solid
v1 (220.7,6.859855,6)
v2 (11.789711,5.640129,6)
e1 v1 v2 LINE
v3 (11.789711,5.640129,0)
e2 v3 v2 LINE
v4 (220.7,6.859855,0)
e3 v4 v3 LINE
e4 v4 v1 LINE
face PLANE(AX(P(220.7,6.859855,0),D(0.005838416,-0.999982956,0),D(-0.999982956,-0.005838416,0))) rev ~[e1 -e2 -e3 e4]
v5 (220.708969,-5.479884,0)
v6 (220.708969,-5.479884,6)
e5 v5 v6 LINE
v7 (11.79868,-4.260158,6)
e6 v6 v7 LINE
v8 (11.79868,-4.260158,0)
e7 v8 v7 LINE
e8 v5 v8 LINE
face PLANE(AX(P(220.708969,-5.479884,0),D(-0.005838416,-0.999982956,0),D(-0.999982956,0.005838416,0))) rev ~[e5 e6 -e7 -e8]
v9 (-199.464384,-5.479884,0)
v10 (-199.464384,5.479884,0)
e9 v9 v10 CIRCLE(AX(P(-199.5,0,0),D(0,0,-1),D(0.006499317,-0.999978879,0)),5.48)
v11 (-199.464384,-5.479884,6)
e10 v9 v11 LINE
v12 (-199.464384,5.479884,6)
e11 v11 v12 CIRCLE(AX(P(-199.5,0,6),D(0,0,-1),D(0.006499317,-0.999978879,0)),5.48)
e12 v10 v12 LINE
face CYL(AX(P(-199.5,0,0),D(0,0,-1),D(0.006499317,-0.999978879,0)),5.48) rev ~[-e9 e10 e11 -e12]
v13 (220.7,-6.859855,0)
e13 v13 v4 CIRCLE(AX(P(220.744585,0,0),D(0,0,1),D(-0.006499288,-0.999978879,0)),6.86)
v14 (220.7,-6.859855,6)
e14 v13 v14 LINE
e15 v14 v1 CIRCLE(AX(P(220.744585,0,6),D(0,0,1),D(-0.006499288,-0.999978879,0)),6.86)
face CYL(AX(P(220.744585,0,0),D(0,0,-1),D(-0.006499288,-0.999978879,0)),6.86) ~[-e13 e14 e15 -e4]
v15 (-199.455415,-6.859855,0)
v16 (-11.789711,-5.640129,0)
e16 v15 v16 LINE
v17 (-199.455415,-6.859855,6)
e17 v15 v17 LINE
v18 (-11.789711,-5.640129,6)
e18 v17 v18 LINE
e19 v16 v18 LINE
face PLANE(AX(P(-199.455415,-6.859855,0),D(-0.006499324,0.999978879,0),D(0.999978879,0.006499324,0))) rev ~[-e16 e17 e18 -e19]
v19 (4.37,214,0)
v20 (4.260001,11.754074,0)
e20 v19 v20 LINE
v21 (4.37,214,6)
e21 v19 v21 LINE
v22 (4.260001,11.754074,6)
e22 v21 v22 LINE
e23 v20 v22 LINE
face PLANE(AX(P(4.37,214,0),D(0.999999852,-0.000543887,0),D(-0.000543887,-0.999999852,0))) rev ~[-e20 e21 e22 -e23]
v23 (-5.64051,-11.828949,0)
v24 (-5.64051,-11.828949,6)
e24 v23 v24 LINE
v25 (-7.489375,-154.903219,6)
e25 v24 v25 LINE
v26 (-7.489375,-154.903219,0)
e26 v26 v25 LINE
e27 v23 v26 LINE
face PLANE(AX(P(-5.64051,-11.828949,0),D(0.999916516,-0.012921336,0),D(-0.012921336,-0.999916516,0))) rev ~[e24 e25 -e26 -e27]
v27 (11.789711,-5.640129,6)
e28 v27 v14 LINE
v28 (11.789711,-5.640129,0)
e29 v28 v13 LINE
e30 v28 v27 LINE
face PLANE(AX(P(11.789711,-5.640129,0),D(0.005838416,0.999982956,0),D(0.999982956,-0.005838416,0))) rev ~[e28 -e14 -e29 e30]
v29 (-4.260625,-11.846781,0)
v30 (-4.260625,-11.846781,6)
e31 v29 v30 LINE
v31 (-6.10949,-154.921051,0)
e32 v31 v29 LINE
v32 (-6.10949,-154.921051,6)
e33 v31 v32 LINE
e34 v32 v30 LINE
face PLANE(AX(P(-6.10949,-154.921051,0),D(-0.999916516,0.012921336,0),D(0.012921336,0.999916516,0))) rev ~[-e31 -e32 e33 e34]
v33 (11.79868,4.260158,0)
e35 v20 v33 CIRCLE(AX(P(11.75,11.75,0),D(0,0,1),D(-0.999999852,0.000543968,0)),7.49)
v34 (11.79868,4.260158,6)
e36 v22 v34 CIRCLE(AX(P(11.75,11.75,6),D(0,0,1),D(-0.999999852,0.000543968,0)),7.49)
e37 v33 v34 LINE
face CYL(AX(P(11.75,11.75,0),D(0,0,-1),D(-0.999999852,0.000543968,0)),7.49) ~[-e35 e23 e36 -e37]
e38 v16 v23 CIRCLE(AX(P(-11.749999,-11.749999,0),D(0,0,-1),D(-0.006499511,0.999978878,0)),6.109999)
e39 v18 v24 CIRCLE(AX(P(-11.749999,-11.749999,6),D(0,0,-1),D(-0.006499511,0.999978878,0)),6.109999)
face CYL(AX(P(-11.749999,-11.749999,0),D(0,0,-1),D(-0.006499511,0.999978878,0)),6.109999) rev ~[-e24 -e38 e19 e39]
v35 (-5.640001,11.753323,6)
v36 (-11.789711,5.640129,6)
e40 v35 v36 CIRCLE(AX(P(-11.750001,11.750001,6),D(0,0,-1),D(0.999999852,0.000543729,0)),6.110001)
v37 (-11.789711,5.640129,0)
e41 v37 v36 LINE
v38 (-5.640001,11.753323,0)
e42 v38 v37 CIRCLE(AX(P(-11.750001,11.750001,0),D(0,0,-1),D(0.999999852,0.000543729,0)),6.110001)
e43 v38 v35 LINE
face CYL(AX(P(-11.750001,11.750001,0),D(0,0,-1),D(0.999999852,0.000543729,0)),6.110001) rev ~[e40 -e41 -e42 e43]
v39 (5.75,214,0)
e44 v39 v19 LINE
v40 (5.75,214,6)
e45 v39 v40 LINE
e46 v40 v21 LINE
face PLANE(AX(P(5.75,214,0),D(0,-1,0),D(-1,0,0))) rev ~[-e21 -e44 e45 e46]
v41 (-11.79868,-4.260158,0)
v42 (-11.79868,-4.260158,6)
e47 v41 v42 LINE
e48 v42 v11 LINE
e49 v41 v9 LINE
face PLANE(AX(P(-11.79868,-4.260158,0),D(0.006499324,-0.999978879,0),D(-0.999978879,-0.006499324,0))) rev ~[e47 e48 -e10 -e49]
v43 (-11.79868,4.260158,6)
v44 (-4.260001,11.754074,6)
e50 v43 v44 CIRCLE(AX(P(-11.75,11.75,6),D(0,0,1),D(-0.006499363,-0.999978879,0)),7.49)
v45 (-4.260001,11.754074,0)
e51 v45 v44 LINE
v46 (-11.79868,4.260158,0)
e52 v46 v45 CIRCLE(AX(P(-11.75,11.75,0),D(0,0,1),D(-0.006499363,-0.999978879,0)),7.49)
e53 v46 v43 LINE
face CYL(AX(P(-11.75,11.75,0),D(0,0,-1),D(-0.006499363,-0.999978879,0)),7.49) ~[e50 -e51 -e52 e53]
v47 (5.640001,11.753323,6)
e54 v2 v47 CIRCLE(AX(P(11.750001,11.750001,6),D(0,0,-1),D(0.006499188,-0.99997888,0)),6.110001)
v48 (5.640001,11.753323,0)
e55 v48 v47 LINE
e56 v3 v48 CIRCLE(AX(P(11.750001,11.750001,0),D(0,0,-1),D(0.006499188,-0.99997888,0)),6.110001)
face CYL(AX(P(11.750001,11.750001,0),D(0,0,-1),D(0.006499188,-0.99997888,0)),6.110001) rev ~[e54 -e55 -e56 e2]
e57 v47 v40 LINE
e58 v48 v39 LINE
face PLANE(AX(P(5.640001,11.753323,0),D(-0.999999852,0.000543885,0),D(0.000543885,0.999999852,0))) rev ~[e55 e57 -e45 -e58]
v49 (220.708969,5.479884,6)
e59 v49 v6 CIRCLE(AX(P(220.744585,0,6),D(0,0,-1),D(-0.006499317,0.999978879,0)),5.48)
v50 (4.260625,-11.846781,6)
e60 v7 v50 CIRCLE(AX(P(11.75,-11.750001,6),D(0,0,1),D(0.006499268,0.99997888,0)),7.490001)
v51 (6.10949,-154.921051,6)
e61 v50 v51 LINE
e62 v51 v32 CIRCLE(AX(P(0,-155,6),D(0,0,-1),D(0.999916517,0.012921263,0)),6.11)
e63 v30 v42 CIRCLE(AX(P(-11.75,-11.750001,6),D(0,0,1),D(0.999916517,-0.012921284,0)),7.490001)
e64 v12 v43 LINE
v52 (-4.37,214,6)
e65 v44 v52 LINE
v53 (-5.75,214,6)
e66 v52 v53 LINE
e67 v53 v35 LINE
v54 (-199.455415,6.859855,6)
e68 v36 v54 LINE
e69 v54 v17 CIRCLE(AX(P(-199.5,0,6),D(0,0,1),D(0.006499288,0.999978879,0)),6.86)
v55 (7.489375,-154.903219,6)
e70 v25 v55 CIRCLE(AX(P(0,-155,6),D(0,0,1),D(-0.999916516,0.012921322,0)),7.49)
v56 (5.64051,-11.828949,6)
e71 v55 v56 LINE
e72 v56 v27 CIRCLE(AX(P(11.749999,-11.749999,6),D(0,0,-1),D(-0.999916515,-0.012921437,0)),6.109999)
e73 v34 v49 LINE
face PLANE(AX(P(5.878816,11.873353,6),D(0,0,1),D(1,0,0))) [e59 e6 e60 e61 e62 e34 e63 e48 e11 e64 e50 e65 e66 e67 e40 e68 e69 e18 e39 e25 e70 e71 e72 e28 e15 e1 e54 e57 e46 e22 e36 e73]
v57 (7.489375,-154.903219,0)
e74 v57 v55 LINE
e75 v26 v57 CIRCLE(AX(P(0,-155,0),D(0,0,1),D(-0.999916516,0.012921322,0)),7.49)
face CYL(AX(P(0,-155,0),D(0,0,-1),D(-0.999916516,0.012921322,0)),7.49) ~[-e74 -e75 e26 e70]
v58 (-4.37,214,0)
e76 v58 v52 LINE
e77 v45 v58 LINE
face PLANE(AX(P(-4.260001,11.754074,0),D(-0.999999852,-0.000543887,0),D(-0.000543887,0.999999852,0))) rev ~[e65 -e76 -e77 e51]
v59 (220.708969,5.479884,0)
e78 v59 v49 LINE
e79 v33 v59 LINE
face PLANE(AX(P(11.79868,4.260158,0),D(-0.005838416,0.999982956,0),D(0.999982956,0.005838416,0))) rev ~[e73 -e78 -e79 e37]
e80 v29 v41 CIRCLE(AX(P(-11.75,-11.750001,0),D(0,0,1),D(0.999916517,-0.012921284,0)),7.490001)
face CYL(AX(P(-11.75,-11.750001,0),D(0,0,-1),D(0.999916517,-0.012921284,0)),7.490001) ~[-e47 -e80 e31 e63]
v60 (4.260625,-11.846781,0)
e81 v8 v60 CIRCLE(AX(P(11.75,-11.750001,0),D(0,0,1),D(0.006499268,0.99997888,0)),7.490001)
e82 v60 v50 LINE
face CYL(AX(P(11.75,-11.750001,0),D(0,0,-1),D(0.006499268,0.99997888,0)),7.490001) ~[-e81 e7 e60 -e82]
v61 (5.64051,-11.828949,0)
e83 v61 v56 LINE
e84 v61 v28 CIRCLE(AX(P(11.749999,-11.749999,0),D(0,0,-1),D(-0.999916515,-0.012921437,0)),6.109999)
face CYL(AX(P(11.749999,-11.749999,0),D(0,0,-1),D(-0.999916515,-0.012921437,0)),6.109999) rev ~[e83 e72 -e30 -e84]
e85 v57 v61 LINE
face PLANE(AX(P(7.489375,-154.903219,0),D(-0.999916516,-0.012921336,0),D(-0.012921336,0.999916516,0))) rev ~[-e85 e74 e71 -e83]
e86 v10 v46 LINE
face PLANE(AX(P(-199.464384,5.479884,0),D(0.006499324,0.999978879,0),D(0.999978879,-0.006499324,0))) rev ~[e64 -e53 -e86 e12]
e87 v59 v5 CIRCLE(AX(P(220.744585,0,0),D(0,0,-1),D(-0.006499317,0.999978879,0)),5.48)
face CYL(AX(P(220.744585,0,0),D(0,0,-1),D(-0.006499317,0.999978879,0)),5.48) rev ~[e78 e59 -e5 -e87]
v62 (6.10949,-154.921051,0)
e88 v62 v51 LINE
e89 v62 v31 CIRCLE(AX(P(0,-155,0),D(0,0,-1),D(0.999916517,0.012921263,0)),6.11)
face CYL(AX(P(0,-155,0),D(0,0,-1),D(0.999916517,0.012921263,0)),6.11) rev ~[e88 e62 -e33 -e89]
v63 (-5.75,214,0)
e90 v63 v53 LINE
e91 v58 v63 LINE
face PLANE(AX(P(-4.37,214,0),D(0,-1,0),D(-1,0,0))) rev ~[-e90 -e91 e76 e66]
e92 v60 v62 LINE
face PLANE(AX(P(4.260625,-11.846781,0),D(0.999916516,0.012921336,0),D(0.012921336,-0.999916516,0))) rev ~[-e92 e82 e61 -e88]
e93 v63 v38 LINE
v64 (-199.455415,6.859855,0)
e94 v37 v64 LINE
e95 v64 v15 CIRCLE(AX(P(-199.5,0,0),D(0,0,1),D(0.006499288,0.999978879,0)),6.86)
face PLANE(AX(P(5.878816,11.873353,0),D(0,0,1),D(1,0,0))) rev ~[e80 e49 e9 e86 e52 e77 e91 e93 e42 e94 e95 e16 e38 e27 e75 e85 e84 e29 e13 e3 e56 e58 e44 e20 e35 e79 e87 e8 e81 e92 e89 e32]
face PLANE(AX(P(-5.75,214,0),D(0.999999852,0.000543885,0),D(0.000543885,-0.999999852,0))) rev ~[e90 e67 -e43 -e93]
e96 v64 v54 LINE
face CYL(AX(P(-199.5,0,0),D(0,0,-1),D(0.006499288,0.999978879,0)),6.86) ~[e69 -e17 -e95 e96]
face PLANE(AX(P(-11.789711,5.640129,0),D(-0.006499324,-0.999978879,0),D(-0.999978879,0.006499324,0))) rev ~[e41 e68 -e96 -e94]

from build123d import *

# Parameters (mm, degrees)
F1_DEPTH = 6


with BuildPart() as f1:
    # F0 (on Top) → F1 (new body)
    with BuildSketch(Plane.XY):
        with BuildLine():
            ThreePointArc((-5.640001, 11.753323), (-7.442462, 7.416732), (-11.789711, 5.640129))
            Line((-11.789711, 5.640129), (-199.455415, 6.859855))
            ThreePointArc((-199.455415, 6.859855), (-206.36, 0), (-199.455415, -6.859855))
            Line((-199.455415, -6.859855), (-11.789711, -5.640129))
            ThreePointArc((-11.789711, -5.640129), (-7.415726, -7.443473), (-5.64051, -11.828949))
            Line((-5.64051, -11.828949), (-7.489375, -154.903219))
            ThreePointArc((-7.489375, -154.903219), (0, -162.49), (7.489375, -154.903219))
            Line((7.489375, -154.903219), (5.64051, -11.828949))
            ThreePointArc((5.64051, -11.828949), (7.415726, -7.443473), (11.789711, -5.640129))
            Line((11.789711, -5.640129), (220.7, -6.859855))
            ThreePointArc((220.7, -6.859855), (227.604585, 0), (220.7, 6.859855))
            Line((220.7, 6.859855), (11.789711, 5.640129))
            ThreePointArc((11.789711, 5.640129), (7.442462, 7.416732), (5.640001, 11.753323))
            Line((5.640001, 11.753323), (5.75, 214))
            Line((5.75, 214), (4.37, 214))
            Line((4.37, 214), (4.260001, 11.754074))
            ThreePointArc((4.260001, 11.754074), (6.469564, 6.438023), (11.79868, 4.260158))
            Line((11.79868, 4.260158), (220.708969, 5.479884))
            ThreePointArc((220.708969, 5.479884), (226.224585, 0), (220.708969, -5.479884))
            Line((220.708969, -5.479884), (11.79868, -4.260158))
            ThreePointArc((11.79868, -4.260158), (6.43679, -6.470805), (4.260625, -11.846781))
            Line((4.260625, -11.846781), (6.10949, -154.921051))
            ThreePointArc((6.10949, -154.921051), (0, -161.11), (-6.10949, -154.921051))
            Line((-6.10949, -154.921051), (-4.260625, -11.846781))
            ThreePointArc((-4.260625, -11.846781), (-6.43679, -6.470805), (-11.79868, -4.260158))
            Line((-11.79868, -4.260158), (-199.464384, -5.479884))
            ThreePointArc((-199.464384, -5.479884), (-204.98, 0), (-199.464384, 5.479884))
            Line((-199.464384, 5.479884), (-11.79868, 4.260158))
            ThreePointArc((-11.79868, 4.260158), (-6.469564, 6.438023), (-4.260001, 11.754074))
            Line((-4.260001, 11.754074), (-4.37, 214))
            Line((-4.37, 214), (-5.75, 214))
            Line((-5.75, 214), (-5.640001, 11.753323))
        make_face()
    extrude(amount=F1_DEPTH)


solid = f1.part
